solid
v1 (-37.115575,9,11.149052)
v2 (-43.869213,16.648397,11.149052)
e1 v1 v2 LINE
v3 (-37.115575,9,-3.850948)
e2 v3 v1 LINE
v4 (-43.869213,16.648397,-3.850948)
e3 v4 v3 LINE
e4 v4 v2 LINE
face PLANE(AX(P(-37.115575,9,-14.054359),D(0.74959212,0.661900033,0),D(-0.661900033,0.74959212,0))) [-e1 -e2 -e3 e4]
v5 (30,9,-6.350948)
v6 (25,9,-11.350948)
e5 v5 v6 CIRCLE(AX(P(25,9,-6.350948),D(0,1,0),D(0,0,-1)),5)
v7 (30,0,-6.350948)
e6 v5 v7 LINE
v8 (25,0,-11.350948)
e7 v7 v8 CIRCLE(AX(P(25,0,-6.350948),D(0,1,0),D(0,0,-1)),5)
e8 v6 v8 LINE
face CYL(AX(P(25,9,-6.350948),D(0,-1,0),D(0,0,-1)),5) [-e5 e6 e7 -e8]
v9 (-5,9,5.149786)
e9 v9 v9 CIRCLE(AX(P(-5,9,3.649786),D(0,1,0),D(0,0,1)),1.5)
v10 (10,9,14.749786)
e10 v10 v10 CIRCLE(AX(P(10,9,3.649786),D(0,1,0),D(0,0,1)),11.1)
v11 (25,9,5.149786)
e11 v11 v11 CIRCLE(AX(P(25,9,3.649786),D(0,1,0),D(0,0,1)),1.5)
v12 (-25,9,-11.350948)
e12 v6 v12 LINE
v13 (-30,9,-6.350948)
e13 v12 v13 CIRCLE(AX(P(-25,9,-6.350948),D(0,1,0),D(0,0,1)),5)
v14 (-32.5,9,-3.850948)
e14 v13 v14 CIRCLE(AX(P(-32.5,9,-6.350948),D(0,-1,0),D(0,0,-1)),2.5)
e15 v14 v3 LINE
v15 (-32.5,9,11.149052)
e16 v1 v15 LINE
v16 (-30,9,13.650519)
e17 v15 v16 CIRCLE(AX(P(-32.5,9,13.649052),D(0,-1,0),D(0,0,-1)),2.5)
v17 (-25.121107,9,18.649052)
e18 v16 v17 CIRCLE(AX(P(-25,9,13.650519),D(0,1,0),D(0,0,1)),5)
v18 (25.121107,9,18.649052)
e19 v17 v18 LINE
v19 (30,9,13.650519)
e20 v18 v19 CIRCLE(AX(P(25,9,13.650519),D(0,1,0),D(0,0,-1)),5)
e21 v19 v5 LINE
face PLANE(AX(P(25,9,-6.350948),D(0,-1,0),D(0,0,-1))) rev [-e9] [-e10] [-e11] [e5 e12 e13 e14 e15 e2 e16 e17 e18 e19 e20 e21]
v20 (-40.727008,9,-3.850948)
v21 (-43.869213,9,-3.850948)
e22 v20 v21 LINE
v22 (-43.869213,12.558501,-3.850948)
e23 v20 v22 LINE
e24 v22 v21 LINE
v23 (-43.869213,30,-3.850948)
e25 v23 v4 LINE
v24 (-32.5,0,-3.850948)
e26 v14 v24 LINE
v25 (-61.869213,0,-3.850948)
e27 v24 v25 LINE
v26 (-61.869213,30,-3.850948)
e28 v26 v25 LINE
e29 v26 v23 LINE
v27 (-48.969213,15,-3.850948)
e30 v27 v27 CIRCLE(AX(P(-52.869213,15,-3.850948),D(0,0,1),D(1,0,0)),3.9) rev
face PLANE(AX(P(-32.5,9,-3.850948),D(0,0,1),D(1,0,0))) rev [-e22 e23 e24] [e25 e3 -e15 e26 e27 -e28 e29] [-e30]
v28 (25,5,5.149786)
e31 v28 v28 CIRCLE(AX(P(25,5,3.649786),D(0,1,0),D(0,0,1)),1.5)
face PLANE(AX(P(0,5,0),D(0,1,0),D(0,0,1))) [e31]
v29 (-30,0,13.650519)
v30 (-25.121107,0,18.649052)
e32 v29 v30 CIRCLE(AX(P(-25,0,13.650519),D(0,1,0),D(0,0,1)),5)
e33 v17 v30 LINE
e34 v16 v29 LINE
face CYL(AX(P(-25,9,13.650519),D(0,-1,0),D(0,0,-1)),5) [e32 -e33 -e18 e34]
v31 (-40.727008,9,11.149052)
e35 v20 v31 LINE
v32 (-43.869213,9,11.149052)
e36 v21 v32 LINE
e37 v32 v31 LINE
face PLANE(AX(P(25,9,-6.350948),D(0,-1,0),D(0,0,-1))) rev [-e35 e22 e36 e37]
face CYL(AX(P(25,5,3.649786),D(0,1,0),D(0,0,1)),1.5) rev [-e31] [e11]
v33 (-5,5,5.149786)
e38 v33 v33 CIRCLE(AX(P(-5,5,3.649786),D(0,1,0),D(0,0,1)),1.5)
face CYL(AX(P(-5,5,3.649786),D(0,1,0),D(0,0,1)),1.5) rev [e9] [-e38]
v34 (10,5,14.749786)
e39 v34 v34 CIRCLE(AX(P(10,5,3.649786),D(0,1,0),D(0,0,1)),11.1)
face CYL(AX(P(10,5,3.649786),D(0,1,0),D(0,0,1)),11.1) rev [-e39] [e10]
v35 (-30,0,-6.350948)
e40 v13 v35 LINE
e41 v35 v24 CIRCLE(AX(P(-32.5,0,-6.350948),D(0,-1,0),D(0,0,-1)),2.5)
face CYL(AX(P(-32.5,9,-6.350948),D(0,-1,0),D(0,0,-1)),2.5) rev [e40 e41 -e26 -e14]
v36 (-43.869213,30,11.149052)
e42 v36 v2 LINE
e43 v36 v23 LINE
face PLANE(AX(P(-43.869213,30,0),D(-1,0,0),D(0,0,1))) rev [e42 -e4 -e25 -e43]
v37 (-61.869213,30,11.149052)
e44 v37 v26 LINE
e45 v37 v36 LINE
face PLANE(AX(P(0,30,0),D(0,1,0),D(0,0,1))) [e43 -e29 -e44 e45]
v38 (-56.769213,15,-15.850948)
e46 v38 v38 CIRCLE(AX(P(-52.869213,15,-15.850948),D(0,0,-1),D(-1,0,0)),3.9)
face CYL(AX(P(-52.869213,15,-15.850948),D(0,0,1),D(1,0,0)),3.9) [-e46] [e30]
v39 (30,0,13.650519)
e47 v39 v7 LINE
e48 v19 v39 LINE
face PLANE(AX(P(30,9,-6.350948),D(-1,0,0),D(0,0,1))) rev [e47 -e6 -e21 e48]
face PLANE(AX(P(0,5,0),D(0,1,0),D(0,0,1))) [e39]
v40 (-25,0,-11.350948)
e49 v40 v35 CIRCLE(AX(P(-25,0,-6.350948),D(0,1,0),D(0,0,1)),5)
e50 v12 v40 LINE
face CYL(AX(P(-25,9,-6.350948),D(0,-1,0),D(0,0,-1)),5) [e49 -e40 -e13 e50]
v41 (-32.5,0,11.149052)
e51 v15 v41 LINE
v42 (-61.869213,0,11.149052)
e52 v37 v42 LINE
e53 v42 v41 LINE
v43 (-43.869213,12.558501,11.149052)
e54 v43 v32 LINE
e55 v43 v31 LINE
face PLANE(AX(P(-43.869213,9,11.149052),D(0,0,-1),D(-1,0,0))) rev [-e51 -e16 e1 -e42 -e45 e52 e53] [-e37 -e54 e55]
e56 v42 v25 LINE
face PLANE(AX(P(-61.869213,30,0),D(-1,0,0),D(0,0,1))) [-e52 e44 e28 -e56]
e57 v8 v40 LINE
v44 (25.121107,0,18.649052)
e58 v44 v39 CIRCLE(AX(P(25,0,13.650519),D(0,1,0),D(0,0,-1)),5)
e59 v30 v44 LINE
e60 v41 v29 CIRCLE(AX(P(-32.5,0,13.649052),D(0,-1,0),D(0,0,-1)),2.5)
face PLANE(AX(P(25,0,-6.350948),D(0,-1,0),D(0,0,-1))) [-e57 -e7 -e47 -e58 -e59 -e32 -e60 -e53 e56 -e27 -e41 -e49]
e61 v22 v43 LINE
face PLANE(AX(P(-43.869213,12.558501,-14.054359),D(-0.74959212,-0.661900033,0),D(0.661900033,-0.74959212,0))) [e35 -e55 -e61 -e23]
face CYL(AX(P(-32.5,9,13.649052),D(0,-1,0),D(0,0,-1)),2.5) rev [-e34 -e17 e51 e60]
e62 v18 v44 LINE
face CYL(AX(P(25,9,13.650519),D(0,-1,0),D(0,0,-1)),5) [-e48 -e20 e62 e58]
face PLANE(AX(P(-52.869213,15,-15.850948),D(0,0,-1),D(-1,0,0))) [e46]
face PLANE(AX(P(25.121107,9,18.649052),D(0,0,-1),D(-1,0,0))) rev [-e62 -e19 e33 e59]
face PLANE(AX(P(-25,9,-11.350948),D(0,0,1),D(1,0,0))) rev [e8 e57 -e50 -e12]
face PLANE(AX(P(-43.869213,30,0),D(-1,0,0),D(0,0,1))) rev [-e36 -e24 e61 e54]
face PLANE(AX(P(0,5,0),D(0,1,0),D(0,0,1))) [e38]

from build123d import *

# Parameters (mm, degrees)
BOSS_EXTRUDE1_DEPTH = 9
SKETCH3_R           = 11.1
SKETCH3_R_2         = 1.5
CUT_EXTRUDE1_DEPTH  = 4
BOSS_EXTRUDE2_DEPTH = 30
BOSS_EXTRUDE4_DEPTH = 15
SKETCH7_R           = 3.9
BOSS_EXTRUDE5_DEPTH = 12


with BuildPart() as part:
    # Sketch1 → Boss-Extrude1 (new body)
    with BuildSketch(Plane(origin=(0, 0, 0), x_dir=(1, 0, 0), z_dir=(0, 1, 0))):
        with BuildLine():
            Line((-25, 11.350947881), (25, 11.350947881))
            ThreePointArc((25, 11.350947881), (28.535533906, 9.886481787), (30, 6.350947881))
            Line((30, 6.350947881), (30, -13.650519031))
            ThreePointArc((30, -13.650519031), (28.578095606, -17.142972586), (25.121107266, -18.649052119))
            Line((25.121107266, -18.649052119), (-25.121107266, -18.649052119))
            ThreePointArc((-25.121107266, -18.649052119), (-28.578095606, -17.142972586), (-30, -13.650519031))
            ThreePointArc((-30, -13.650519031), (-30.731714061, -11.881803874), (-32.49999957, -11.149052119))
            Line((-32.49999957, -11.149052119), (-43.869213178, -11.149052119))
            Line((-43.869213178, -11.149052119), (-43.869213178, 3.850947881))
            Line((-43.869213178, 3.850947881), (-32.5, 3.850947881))
            ThreePointArc((-32.5, 3.850947881), (-30.732233047, 4.583180928), (-30, 6.350947881))
            ThreePointArc((-30, 6.350947881), (-28.535533906, 9.886481787), (-25, 11.350947881))
        make_face()
    extrude(amount=BOSS_EXTRUDE1_DEPTH)

    # Sketch3 → Cut-Extrude1 (cut)
    with BuildSketch(Plane(origin=(0, 9, 0), x_dir=(1, 0, 0), z_dir=(0, 1, 0))):
        with Locations(Location((10, -3.649785575, 0), (0, 0, 270))):
            Circle(SKETCH3_R)
        with Locations(Location((-5, -3.649785575, 0), (0, 0, 270))):
            Circle(SKETCH3_R_2)
        with Locations(Location((25, -3.649785575, 0), (0, 0, 270))):
            Circle(SKETCH3_R_2)
    extrude(amount=-CUT_EXTRUDE1_DEPTH, mode=Mode.SUBTRACT)

    # Sketch2 → Boss-Extrude2 (add)
    with BuildSketch(Plane(origin=(0, 0, 0), x_dir=(1, 0, 0), z_dir=(0, 1, 0))):
        Polygon((-59.869213178, -11.149052119), (-45.869213178, -11.149052119), (-43.869213178, -11.149052119), (-43.869213178, -9.149052119), (-43.869213178, -4.149052119), (-43.869213178, 3.850947881), (-45.869213178, 3.850947881), (-59.869213178, 3.850947881), (-61.869213178, 3.850947881), (-61.869213178, -9.149052119), (-61.869213178, -11.149052119), align=None)
    extrude(amount=BOSS_EXTRUDE2_DEPTH)

    # Sketch6 → Boss-Extrude4 (add)
    with BuildSketch(Plane.XY.offset(11.149052119)):
        Polygon((-43.869213178, 12.558501201), (-40.727008234, 9), (-37.115574999, 9), (-43.869213178, 16.648396589), align=None)
    extrude(amount=-BOSS_EXTRUDE4_DEPTH)

    # Sketch7 → Boss-Extrude5 (add)
    with BuildSketch(Plane(origin=(0, 0, -3.850947881), x_dir=(-1, 0, 0), z_dir=(0, 0, -1))):
        with Locations(Location((52.869213178, 15, 0), (0, 0, 180))):
            Circle(SKETCH7_R)
    extrude(amount=BOSS_EXTRUDE5_DEPTH)


solid = part.part
